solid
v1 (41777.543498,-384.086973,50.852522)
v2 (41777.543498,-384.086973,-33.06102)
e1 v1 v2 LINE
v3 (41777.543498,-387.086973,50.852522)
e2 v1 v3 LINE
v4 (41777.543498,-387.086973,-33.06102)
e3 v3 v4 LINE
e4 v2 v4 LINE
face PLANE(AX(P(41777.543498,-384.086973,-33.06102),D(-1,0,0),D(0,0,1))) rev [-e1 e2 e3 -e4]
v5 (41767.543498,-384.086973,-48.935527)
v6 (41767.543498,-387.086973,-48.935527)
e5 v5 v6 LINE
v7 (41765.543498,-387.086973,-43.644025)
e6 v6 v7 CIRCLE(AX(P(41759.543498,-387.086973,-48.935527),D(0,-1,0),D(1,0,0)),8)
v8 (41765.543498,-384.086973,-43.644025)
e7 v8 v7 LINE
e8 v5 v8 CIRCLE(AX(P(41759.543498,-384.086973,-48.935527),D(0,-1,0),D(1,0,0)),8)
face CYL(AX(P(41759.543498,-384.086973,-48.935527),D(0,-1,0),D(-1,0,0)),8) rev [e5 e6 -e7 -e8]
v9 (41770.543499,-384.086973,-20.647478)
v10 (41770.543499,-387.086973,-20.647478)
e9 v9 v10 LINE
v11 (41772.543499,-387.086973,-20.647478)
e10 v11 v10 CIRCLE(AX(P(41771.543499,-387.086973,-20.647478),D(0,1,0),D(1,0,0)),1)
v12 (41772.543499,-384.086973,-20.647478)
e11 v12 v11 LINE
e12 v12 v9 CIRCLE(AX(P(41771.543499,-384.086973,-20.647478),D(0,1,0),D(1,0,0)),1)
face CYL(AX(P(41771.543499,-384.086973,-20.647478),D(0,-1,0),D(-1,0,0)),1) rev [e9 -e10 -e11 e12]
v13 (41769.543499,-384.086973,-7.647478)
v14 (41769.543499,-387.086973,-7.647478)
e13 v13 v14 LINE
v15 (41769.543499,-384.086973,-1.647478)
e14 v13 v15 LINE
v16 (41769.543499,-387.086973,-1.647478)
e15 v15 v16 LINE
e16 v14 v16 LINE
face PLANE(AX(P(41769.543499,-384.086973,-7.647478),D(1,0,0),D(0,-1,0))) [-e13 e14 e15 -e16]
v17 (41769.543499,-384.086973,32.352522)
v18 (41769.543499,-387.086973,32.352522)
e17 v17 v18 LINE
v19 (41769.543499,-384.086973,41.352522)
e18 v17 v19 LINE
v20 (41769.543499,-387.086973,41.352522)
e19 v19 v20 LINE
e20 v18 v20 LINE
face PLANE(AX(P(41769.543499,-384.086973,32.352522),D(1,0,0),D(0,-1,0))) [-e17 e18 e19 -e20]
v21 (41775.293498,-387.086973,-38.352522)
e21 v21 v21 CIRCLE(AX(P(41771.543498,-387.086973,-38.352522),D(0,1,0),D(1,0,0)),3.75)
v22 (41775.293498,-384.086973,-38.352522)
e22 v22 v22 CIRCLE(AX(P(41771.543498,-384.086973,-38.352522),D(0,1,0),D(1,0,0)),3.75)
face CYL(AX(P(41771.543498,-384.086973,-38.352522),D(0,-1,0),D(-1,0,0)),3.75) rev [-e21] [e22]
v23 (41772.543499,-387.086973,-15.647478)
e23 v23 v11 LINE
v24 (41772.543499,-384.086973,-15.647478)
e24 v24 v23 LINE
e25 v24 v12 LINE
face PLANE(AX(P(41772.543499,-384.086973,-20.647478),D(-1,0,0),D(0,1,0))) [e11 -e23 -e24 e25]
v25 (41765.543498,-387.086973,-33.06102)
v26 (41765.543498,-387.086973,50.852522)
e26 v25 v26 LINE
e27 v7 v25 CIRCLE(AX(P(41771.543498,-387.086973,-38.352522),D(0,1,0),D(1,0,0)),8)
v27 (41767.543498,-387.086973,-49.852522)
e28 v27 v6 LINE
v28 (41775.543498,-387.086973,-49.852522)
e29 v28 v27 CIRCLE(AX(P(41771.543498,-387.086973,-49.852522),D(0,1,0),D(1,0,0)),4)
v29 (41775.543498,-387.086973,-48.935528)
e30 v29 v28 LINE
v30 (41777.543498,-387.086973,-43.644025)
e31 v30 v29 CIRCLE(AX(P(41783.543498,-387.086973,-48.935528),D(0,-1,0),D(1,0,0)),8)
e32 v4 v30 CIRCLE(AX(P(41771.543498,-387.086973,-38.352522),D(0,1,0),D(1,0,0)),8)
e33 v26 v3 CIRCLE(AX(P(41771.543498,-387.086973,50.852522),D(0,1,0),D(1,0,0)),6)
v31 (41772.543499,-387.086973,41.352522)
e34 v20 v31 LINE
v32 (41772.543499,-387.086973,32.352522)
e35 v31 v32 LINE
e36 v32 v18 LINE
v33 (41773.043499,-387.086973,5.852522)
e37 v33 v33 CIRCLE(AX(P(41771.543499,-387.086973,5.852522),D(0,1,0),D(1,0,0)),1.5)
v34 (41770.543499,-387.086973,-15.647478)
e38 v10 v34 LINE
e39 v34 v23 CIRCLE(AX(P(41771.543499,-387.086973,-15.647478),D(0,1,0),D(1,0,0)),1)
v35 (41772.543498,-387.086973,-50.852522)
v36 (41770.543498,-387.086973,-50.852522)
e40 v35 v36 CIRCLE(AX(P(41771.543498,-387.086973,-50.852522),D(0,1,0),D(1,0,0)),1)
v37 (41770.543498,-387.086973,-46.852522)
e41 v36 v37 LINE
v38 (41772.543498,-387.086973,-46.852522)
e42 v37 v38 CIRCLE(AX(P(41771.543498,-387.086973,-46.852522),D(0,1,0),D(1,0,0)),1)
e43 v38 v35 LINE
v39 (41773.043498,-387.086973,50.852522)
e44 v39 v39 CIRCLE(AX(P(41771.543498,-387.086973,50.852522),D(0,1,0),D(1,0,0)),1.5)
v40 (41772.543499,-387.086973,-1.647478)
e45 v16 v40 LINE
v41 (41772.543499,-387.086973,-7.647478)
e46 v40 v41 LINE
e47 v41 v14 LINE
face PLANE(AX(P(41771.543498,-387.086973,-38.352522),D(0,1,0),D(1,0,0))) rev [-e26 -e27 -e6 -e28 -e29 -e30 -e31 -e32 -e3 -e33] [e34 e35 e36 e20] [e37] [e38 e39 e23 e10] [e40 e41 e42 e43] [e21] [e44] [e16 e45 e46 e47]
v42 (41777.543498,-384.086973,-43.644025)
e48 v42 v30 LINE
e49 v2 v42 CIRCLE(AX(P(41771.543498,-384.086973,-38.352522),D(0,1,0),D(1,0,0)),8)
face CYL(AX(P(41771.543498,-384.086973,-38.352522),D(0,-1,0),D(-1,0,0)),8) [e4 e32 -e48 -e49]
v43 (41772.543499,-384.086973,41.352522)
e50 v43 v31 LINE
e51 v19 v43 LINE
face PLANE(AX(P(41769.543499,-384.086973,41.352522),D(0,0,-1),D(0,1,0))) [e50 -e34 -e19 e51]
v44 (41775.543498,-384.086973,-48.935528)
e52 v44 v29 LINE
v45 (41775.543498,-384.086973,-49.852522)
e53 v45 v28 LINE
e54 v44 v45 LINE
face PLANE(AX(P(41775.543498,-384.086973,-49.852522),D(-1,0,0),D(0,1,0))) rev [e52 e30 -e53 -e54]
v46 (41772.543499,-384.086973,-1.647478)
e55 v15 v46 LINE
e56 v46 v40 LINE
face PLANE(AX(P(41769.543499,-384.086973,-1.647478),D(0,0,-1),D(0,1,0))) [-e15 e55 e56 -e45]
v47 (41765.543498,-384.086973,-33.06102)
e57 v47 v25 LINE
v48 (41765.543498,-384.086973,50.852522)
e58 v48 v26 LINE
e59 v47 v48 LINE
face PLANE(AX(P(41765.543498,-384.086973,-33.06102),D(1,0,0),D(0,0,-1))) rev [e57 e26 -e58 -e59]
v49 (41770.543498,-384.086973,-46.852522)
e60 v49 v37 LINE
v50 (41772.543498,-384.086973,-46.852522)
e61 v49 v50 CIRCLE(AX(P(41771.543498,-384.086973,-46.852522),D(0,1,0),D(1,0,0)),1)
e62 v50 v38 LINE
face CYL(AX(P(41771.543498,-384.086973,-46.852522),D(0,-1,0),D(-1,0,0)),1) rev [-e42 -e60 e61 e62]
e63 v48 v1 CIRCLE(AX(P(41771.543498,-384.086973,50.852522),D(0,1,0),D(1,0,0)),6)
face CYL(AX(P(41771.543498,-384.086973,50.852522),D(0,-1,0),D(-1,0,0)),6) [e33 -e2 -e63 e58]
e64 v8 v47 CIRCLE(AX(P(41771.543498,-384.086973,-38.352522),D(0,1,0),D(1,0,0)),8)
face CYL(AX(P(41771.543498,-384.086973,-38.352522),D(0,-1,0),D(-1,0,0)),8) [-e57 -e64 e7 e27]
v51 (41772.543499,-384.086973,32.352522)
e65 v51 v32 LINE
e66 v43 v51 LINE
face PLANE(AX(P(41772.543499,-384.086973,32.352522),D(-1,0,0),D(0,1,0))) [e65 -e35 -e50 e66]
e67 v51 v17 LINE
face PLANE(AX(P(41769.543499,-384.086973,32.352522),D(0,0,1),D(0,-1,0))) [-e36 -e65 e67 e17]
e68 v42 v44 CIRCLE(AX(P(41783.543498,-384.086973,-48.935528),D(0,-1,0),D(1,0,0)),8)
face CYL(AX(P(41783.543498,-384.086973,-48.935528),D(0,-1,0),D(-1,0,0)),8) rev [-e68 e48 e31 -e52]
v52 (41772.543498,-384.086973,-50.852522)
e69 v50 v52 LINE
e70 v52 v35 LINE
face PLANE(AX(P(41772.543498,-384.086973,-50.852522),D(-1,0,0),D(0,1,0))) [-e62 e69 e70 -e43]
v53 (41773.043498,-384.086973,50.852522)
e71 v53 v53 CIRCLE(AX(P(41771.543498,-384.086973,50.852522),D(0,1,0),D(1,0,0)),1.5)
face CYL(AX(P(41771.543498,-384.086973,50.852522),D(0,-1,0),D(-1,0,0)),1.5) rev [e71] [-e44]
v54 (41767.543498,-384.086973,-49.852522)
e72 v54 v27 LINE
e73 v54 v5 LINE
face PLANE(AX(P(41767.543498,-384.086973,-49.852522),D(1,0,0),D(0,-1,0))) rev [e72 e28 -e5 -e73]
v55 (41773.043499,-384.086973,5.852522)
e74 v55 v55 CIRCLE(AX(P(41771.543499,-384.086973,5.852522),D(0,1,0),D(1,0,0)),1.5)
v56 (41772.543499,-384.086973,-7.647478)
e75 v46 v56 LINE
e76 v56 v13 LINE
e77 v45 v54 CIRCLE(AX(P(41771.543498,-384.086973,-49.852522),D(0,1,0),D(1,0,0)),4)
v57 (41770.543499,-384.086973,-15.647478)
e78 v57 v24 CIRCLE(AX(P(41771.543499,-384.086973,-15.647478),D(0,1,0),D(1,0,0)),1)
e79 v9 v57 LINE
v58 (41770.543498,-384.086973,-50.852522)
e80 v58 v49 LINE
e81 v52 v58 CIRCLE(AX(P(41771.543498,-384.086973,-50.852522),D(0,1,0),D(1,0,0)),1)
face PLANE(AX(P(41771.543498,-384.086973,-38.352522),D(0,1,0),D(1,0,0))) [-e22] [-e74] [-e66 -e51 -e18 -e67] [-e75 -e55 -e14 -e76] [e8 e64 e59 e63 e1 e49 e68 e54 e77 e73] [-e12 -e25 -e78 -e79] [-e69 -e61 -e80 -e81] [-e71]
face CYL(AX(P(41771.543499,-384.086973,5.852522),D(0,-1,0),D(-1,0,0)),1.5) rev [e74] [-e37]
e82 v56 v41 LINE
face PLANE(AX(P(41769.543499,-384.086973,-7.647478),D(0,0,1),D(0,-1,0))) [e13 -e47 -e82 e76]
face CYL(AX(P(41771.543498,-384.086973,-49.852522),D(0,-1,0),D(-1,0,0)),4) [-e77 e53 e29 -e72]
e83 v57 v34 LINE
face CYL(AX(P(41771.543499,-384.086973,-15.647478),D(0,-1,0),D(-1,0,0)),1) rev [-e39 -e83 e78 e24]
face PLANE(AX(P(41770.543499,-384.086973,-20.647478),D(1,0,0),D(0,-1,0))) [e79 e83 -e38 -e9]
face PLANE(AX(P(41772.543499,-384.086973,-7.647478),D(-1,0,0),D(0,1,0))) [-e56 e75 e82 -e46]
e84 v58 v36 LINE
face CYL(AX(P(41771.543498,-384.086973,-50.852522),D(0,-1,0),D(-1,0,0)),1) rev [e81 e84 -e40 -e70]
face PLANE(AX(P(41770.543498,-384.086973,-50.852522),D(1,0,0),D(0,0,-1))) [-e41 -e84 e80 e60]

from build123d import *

# Parameters (mm, degrees)
CROQUIS1_R                 = 1.5
CROQUIS1_R_2               = 3.75
CROQUIS1_W                 = 3
CROQUIS1_H                 = 6
CROQUIS1_H_2               = 9
SALIENTE_EXTRUIR1_DEPTH    = 3
S_LIDO_MOVER_COPIAR1_ANGLE = 90


with BuildPart() as part:
    # Croquis1 → Saliente-Extruir1 (new body)
    with BuildSketch(Plane.XY):
        with BuildLine():
            Line((41777.543498403, -351.025953533), (41777.543498403, -434.939495491))
            ThreePointArc((41777.543498403, -434.939495491), (41771.543498403, -440.939495491), (41765.543498403, -434.939495491))
            Line((41765.543498403, -434.939495491), (41765.543498403, -351.025953694))
            ThreePointArc((41765.543498403, -351.025953694), (41763.543498332, -345.734451045), (41765.543498332, -340.44294837))
            ThreePointArc((41765.543498332, -340.44294837), (41767.026813105, -337.979872872), (41767.543498332, -335.151445748))
            Line((41767.543498332, -335.151445748), (41767.543498332, -334.234450911))
            ThreePointArc((41767.543498332, -334.234450911), (41771.543498261, -330.234450982), (41775.54349819, -334.234450911))
            Line((41775.54349819, -334.234450911), (41775.54349819, -335.151445587))
            ThreePointArc((41775.54349819, -335.151445587), (41776.060183455, -337.979872812), (41777.543498332, -340.44294837))
            ThreePointArc((41777.543498332, -340.44294837), (41779.543498332, -345.734450938), (41777.543498403, -351.025953533))
        make_face()
        with Locations((41771.543498403, -434.939495491)):
            Circle(CROQUIS1_R, mode=Mode.SUBTRACT)
        with Locations((41771.543498545, -389.939495491)):
            Circle(CROQUIS1_R, mode=Mode.SUBTRACT)
        with Locations((41771.543498332, -345.734450992)):
            Circle(CROQUIS1_R_2, mode=Mode.SUBTRACT)
        with BuildLine():
            Line((41772.543498261, -333.234450911), (41772.543498261, -337.234450911))
            ThreePointArc((41772.543498261, -337.234450911), (41771.543498261, -338.234450911), (41770.543498261, -337.234450911))
            Line((41770.543498261, -337.234450911), (41770.543498261, -333.234450911))
            ThreePointArc((41770.543498261, -333.234450911), (41771.543498261, -332.234450911), (41772.543498261, -333.234450911))
        make_face(mode=Mode.SUBTRACT)
        with BuildLine():
            Line((41772.543498545, -363.439495491), (41772.543498545, -368.439495491))
            ThreePointArc((41772.543498545, -368.439495491), (41771.543498545, -369.439495491), (41770.543498545, -368.439495491))
            Line((41770.543498545, -368.439495491), (41770.543498545, -363.439495491))
            ThreePointArc((41770.543498545, -363.439495491), (41771.543498545, -362.439495491), (41772.543498545, -363.439495491))
        make_face(mode=Mode.SUBTRACT)
        with Locations((41771.043498545, -379.439495491)):
            Rectangle(CROQUIS1_W, CROQUIS1_H, mode=Mode.SUBTRACT)
        with Locations((41771.043498545, -420.939495491)):
            Rectangle(CROQUIS1_W, CROQUIS1_H_2, mode=Mode.SUBTRACT)
    extrude(amount=SALIENTE_EXTRUIR1_DEPTH)


with BuildPart() as part_1:
    # Sólido-Mover/Copiar1: moved
    add(part.part.rotate(Axis((0, -385.586973236, 1.5), (-1, 0, 0)), S_LIDO_MOVER_COPIAR1_ANGLE))


solid = part_1.part
